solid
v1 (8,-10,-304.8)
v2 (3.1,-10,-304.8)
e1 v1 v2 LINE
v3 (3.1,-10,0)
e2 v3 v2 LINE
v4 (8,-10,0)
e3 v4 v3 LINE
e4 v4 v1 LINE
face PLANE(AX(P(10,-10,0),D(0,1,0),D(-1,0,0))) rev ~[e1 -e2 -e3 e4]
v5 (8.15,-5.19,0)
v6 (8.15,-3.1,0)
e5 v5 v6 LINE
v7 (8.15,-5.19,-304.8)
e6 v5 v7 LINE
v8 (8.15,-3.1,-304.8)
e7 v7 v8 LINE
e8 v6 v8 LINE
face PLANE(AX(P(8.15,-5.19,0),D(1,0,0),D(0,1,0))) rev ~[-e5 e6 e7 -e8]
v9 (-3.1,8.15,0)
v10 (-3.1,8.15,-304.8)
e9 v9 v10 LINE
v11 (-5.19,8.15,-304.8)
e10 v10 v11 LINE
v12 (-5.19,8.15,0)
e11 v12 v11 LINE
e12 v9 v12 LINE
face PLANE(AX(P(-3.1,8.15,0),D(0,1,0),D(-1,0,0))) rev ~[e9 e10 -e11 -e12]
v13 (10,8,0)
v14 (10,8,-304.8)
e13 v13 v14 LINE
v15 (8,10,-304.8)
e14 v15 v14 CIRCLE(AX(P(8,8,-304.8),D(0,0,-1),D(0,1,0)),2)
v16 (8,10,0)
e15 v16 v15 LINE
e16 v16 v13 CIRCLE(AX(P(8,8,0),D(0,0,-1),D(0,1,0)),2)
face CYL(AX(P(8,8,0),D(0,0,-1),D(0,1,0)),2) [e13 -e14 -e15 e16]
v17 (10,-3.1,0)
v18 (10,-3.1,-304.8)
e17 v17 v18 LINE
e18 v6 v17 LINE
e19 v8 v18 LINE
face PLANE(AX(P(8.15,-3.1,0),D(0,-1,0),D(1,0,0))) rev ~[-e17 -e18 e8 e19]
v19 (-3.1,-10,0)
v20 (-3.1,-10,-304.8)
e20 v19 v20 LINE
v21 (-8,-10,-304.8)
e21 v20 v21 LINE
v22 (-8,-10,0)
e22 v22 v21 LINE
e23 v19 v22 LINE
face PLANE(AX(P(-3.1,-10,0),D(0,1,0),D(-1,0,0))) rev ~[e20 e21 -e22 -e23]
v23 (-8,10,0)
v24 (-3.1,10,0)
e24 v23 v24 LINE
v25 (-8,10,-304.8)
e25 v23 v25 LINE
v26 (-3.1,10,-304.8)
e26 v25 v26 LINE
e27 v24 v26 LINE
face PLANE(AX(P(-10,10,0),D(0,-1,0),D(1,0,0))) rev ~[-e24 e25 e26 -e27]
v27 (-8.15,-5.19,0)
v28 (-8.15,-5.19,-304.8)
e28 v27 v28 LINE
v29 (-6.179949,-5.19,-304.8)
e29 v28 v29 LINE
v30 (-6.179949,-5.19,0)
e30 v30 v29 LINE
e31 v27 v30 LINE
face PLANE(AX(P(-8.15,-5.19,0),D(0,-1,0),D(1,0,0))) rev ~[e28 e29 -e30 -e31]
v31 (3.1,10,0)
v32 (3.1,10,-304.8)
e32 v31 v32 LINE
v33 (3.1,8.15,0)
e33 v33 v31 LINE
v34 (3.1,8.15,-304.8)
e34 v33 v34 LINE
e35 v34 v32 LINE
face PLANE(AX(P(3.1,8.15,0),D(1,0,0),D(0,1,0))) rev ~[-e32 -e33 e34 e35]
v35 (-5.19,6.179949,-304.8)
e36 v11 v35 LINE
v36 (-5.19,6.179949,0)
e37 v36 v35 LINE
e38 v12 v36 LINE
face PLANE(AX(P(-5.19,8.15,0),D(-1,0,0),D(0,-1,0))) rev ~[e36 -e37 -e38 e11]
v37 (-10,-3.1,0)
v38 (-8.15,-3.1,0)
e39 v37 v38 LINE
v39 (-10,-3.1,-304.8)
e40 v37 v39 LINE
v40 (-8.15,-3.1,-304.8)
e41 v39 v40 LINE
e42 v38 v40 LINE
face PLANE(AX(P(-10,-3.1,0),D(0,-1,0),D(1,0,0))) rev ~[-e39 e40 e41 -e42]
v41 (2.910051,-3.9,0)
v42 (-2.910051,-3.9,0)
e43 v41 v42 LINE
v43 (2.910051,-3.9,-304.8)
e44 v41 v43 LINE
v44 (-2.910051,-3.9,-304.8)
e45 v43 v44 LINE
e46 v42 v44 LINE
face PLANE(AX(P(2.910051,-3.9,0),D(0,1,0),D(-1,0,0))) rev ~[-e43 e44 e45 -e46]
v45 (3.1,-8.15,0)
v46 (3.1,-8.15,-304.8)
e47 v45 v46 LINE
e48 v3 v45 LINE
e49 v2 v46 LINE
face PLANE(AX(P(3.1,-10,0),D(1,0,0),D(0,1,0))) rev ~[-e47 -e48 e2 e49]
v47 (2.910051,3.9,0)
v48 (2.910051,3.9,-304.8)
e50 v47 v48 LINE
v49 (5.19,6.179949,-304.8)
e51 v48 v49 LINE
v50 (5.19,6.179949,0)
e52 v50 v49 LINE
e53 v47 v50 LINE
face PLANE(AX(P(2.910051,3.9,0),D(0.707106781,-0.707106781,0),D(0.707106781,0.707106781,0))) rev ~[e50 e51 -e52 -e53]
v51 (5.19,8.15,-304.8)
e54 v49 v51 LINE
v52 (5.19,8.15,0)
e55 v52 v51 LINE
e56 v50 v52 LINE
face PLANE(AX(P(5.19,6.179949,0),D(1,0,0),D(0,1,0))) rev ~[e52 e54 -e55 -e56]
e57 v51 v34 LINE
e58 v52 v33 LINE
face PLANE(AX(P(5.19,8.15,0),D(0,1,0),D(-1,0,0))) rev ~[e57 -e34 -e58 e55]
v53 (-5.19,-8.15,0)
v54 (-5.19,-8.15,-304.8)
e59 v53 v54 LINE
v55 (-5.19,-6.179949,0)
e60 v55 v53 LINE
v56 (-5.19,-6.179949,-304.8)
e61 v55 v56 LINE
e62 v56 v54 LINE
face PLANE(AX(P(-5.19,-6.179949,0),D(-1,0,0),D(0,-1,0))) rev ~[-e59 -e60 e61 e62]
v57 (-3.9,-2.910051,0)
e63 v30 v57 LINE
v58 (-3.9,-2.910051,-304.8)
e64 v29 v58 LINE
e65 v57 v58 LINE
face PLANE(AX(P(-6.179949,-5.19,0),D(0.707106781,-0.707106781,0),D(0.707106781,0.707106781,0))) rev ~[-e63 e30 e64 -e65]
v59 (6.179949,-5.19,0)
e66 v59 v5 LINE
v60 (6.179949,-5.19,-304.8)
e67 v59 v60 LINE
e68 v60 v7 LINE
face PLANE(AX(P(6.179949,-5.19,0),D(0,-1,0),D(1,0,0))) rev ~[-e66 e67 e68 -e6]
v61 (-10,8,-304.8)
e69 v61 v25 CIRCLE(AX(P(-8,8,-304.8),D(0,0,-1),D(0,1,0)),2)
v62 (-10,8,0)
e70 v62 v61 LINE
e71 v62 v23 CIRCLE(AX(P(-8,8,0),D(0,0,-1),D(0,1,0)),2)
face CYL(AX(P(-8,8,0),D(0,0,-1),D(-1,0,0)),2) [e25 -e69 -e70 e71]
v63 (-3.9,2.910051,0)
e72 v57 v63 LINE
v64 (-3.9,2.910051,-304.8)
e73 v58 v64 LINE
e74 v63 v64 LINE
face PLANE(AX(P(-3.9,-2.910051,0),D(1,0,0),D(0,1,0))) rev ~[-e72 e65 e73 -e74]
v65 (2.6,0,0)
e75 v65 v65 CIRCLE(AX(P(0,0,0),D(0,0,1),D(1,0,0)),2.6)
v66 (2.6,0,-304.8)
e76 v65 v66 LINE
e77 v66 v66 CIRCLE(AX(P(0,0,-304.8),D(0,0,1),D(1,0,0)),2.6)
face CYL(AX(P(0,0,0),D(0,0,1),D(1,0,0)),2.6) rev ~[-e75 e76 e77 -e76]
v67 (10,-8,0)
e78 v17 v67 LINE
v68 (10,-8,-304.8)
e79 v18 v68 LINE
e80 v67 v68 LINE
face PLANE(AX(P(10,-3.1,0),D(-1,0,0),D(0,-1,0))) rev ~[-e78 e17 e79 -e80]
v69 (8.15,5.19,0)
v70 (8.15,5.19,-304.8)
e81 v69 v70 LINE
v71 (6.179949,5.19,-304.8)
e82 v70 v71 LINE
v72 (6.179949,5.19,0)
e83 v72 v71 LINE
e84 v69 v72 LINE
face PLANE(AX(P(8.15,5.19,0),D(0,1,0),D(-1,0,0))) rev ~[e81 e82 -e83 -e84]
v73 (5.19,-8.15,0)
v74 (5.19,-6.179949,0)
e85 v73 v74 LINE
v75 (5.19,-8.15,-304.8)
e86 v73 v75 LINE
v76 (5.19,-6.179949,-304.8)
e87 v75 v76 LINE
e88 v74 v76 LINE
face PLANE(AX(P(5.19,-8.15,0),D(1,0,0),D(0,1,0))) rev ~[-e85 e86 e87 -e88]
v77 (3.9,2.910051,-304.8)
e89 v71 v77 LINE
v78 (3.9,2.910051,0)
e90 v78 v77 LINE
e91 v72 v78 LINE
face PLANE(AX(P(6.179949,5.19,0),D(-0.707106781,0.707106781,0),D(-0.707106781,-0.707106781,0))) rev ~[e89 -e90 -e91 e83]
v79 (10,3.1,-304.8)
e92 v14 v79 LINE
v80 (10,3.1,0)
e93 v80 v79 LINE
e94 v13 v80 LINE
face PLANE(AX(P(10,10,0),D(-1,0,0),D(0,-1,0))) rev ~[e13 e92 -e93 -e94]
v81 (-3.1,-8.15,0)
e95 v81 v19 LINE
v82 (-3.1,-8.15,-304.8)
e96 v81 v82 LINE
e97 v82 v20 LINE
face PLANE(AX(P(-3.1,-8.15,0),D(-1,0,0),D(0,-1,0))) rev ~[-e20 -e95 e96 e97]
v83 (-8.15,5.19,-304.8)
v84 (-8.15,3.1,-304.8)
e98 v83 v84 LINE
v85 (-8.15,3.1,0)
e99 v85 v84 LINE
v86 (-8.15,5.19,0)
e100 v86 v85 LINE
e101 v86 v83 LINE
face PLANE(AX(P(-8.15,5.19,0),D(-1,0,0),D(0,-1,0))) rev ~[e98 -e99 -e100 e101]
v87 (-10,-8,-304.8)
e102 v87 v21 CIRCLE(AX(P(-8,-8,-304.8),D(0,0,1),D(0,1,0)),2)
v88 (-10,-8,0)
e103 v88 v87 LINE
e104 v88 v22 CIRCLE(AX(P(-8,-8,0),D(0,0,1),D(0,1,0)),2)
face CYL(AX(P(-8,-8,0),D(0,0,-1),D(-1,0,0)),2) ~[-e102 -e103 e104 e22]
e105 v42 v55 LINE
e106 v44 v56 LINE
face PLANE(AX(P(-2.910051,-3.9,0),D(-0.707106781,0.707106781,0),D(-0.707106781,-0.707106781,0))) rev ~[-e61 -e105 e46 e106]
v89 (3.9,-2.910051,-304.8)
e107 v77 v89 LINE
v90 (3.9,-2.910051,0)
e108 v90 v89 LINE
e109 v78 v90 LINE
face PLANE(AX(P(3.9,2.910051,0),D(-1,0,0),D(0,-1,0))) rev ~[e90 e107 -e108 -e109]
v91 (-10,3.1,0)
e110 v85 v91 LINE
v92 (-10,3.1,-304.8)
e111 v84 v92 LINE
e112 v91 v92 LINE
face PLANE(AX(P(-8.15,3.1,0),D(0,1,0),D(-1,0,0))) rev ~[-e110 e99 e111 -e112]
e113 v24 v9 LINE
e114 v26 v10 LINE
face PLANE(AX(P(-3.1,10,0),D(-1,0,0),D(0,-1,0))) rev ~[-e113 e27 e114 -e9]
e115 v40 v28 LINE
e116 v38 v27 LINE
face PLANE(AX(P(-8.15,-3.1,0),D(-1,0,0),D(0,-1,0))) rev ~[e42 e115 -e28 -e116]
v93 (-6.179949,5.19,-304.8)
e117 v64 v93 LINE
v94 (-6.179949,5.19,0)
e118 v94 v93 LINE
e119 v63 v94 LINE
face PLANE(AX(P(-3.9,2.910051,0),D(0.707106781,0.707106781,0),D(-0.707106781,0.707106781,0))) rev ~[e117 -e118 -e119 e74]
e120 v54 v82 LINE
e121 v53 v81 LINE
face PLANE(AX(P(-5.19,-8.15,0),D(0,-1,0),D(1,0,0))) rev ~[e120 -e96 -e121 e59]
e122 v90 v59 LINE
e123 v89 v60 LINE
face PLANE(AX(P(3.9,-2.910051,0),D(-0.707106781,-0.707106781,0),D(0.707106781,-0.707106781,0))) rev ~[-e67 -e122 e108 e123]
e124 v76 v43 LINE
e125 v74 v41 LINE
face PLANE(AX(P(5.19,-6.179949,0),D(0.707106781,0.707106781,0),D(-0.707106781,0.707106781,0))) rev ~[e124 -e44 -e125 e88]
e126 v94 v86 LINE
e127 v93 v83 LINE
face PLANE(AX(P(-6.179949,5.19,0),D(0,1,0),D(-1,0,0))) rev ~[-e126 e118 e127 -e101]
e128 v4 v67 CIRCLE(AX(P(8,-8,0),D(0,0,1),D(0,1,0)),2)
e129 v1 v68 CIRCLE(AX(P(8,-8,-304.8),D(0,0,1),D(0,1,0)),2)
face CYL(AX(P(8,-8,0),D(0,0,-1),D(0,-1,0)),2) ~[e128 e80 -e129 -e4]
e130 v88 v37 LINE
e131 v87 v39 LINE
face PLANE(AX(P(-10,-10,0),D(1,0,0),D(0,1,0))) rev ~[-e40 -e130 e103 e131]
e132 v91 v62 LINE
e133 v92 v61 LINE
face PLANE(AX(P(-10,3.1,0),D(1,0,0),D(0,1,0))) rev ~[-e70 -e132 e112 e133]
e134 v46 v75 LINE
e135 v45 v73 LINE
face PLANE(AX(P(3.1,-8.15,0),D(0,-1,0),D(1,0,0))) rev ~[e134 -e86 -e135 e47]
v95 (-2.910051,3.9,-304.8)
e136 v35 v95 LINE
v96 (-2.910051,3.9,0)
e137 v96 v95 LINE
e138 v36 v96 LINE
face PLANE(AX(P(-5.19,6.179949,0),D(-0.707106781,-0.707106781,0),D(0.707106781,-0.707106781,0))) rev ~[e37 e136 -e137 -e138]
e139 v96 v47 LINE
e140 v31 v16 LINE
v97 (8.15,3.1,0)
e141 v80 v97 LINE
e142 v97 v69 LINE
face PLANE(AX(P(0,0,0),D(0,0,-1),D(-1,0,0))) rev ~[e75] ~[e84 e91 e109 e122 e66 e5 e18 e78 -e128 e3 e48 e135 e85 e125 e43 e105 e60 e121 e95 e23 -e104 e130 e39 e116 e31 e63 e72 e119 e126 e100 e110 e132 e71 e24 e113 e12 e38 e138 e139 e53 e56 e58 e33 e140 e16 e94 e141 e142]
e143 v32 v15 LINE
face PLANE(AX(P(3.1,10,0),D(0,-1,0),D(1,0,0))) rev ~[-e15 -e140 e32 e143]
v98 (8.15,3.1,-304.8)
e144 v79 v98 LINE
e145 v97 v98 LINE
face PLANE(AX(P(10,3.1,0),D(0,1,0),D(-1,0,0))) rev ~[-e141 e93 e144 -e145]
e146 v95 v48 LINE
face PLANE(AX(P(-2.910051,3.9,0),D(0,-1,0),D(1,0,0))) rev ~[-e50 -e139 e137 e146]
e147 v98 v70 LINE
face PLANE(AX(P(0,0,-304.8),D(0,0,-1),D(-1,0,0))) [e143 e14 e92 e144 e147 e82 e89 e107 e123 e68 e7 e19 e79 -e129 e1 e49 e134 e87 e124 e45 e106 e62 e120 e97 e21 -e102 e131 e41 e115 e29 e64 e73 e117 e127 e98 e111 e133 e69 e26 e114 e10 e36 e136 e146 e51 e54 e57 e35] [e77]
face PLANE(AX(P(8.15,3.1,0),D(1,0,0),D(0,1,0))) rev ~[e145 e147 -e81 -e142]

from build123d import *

# Parameters (mm, degrees)
SKETCH1_R           = 2.6
BOSS_EXTRUDE1_DEPTH = 304.8
FILLET1_R           = 2


with BuildPart() as part:
    # Sketch1 → Boss-Extrude1 (new body)
    with BuildSketch(Plane.XY):
        Polygon((-3.9, 2.910050506), (-6.179949494, 5.19), (-8.15, 5.19), (-8.15, 3.1), (-10, 3.1), (-10, 10), (-3.1, 10), (-3.1, 8.15), (-5.19, 8.15), (-5.19, 6.179949494), (-2.910050506, 3.9), (2.910050506, 3.9), (5.19, 6.179949494), (5.19, 8.15), (3.1, 8.15), (3.1, 10), (10, 10), (10, 3.1), (8.15, 3.1), (8.15, 5.19), (6.179949494, 5.19), (3.9, 2.910050506), (3.9, -2.910050506), (6.179949494, -5.19), (8.15, -5.19), (8.15, -3.1), (10, -3.1), (10, -10), (3.1, -10), (3.1, -8.15), (5.19, -8.15), (5.19, -6.179949494), (2.910050506, -3.9), (-2.910050506, -3.9), (-5.19, -6.179949494), (-5.19, -8.15), (-3.1, -8.15), (-3.1, -10), (-10, -10), (-10, -3.1), (-8.15, -3.1), (-8.15, -5.19), (-6.179949494, -5.19), (-3.9, -2.910050506), align=None)
        Circle(SKETCH1_R, mode=Mode.SUBTRACT)
    extrude(amount=-BOSS_EXTRUDE1_DEPTH)

    # Fillet1
    fillet1_edges = [part.edges().sort_by_distance(p)[0] for p in [
        (-10, 10, -152.4),
        (10, 10, -152.4),
        (10, -10, -152.4),
        (-10, -10, -152.4),
    ]]
    fillet(fillet1_edges, radius=FILLET1_R)


solid = part.part
